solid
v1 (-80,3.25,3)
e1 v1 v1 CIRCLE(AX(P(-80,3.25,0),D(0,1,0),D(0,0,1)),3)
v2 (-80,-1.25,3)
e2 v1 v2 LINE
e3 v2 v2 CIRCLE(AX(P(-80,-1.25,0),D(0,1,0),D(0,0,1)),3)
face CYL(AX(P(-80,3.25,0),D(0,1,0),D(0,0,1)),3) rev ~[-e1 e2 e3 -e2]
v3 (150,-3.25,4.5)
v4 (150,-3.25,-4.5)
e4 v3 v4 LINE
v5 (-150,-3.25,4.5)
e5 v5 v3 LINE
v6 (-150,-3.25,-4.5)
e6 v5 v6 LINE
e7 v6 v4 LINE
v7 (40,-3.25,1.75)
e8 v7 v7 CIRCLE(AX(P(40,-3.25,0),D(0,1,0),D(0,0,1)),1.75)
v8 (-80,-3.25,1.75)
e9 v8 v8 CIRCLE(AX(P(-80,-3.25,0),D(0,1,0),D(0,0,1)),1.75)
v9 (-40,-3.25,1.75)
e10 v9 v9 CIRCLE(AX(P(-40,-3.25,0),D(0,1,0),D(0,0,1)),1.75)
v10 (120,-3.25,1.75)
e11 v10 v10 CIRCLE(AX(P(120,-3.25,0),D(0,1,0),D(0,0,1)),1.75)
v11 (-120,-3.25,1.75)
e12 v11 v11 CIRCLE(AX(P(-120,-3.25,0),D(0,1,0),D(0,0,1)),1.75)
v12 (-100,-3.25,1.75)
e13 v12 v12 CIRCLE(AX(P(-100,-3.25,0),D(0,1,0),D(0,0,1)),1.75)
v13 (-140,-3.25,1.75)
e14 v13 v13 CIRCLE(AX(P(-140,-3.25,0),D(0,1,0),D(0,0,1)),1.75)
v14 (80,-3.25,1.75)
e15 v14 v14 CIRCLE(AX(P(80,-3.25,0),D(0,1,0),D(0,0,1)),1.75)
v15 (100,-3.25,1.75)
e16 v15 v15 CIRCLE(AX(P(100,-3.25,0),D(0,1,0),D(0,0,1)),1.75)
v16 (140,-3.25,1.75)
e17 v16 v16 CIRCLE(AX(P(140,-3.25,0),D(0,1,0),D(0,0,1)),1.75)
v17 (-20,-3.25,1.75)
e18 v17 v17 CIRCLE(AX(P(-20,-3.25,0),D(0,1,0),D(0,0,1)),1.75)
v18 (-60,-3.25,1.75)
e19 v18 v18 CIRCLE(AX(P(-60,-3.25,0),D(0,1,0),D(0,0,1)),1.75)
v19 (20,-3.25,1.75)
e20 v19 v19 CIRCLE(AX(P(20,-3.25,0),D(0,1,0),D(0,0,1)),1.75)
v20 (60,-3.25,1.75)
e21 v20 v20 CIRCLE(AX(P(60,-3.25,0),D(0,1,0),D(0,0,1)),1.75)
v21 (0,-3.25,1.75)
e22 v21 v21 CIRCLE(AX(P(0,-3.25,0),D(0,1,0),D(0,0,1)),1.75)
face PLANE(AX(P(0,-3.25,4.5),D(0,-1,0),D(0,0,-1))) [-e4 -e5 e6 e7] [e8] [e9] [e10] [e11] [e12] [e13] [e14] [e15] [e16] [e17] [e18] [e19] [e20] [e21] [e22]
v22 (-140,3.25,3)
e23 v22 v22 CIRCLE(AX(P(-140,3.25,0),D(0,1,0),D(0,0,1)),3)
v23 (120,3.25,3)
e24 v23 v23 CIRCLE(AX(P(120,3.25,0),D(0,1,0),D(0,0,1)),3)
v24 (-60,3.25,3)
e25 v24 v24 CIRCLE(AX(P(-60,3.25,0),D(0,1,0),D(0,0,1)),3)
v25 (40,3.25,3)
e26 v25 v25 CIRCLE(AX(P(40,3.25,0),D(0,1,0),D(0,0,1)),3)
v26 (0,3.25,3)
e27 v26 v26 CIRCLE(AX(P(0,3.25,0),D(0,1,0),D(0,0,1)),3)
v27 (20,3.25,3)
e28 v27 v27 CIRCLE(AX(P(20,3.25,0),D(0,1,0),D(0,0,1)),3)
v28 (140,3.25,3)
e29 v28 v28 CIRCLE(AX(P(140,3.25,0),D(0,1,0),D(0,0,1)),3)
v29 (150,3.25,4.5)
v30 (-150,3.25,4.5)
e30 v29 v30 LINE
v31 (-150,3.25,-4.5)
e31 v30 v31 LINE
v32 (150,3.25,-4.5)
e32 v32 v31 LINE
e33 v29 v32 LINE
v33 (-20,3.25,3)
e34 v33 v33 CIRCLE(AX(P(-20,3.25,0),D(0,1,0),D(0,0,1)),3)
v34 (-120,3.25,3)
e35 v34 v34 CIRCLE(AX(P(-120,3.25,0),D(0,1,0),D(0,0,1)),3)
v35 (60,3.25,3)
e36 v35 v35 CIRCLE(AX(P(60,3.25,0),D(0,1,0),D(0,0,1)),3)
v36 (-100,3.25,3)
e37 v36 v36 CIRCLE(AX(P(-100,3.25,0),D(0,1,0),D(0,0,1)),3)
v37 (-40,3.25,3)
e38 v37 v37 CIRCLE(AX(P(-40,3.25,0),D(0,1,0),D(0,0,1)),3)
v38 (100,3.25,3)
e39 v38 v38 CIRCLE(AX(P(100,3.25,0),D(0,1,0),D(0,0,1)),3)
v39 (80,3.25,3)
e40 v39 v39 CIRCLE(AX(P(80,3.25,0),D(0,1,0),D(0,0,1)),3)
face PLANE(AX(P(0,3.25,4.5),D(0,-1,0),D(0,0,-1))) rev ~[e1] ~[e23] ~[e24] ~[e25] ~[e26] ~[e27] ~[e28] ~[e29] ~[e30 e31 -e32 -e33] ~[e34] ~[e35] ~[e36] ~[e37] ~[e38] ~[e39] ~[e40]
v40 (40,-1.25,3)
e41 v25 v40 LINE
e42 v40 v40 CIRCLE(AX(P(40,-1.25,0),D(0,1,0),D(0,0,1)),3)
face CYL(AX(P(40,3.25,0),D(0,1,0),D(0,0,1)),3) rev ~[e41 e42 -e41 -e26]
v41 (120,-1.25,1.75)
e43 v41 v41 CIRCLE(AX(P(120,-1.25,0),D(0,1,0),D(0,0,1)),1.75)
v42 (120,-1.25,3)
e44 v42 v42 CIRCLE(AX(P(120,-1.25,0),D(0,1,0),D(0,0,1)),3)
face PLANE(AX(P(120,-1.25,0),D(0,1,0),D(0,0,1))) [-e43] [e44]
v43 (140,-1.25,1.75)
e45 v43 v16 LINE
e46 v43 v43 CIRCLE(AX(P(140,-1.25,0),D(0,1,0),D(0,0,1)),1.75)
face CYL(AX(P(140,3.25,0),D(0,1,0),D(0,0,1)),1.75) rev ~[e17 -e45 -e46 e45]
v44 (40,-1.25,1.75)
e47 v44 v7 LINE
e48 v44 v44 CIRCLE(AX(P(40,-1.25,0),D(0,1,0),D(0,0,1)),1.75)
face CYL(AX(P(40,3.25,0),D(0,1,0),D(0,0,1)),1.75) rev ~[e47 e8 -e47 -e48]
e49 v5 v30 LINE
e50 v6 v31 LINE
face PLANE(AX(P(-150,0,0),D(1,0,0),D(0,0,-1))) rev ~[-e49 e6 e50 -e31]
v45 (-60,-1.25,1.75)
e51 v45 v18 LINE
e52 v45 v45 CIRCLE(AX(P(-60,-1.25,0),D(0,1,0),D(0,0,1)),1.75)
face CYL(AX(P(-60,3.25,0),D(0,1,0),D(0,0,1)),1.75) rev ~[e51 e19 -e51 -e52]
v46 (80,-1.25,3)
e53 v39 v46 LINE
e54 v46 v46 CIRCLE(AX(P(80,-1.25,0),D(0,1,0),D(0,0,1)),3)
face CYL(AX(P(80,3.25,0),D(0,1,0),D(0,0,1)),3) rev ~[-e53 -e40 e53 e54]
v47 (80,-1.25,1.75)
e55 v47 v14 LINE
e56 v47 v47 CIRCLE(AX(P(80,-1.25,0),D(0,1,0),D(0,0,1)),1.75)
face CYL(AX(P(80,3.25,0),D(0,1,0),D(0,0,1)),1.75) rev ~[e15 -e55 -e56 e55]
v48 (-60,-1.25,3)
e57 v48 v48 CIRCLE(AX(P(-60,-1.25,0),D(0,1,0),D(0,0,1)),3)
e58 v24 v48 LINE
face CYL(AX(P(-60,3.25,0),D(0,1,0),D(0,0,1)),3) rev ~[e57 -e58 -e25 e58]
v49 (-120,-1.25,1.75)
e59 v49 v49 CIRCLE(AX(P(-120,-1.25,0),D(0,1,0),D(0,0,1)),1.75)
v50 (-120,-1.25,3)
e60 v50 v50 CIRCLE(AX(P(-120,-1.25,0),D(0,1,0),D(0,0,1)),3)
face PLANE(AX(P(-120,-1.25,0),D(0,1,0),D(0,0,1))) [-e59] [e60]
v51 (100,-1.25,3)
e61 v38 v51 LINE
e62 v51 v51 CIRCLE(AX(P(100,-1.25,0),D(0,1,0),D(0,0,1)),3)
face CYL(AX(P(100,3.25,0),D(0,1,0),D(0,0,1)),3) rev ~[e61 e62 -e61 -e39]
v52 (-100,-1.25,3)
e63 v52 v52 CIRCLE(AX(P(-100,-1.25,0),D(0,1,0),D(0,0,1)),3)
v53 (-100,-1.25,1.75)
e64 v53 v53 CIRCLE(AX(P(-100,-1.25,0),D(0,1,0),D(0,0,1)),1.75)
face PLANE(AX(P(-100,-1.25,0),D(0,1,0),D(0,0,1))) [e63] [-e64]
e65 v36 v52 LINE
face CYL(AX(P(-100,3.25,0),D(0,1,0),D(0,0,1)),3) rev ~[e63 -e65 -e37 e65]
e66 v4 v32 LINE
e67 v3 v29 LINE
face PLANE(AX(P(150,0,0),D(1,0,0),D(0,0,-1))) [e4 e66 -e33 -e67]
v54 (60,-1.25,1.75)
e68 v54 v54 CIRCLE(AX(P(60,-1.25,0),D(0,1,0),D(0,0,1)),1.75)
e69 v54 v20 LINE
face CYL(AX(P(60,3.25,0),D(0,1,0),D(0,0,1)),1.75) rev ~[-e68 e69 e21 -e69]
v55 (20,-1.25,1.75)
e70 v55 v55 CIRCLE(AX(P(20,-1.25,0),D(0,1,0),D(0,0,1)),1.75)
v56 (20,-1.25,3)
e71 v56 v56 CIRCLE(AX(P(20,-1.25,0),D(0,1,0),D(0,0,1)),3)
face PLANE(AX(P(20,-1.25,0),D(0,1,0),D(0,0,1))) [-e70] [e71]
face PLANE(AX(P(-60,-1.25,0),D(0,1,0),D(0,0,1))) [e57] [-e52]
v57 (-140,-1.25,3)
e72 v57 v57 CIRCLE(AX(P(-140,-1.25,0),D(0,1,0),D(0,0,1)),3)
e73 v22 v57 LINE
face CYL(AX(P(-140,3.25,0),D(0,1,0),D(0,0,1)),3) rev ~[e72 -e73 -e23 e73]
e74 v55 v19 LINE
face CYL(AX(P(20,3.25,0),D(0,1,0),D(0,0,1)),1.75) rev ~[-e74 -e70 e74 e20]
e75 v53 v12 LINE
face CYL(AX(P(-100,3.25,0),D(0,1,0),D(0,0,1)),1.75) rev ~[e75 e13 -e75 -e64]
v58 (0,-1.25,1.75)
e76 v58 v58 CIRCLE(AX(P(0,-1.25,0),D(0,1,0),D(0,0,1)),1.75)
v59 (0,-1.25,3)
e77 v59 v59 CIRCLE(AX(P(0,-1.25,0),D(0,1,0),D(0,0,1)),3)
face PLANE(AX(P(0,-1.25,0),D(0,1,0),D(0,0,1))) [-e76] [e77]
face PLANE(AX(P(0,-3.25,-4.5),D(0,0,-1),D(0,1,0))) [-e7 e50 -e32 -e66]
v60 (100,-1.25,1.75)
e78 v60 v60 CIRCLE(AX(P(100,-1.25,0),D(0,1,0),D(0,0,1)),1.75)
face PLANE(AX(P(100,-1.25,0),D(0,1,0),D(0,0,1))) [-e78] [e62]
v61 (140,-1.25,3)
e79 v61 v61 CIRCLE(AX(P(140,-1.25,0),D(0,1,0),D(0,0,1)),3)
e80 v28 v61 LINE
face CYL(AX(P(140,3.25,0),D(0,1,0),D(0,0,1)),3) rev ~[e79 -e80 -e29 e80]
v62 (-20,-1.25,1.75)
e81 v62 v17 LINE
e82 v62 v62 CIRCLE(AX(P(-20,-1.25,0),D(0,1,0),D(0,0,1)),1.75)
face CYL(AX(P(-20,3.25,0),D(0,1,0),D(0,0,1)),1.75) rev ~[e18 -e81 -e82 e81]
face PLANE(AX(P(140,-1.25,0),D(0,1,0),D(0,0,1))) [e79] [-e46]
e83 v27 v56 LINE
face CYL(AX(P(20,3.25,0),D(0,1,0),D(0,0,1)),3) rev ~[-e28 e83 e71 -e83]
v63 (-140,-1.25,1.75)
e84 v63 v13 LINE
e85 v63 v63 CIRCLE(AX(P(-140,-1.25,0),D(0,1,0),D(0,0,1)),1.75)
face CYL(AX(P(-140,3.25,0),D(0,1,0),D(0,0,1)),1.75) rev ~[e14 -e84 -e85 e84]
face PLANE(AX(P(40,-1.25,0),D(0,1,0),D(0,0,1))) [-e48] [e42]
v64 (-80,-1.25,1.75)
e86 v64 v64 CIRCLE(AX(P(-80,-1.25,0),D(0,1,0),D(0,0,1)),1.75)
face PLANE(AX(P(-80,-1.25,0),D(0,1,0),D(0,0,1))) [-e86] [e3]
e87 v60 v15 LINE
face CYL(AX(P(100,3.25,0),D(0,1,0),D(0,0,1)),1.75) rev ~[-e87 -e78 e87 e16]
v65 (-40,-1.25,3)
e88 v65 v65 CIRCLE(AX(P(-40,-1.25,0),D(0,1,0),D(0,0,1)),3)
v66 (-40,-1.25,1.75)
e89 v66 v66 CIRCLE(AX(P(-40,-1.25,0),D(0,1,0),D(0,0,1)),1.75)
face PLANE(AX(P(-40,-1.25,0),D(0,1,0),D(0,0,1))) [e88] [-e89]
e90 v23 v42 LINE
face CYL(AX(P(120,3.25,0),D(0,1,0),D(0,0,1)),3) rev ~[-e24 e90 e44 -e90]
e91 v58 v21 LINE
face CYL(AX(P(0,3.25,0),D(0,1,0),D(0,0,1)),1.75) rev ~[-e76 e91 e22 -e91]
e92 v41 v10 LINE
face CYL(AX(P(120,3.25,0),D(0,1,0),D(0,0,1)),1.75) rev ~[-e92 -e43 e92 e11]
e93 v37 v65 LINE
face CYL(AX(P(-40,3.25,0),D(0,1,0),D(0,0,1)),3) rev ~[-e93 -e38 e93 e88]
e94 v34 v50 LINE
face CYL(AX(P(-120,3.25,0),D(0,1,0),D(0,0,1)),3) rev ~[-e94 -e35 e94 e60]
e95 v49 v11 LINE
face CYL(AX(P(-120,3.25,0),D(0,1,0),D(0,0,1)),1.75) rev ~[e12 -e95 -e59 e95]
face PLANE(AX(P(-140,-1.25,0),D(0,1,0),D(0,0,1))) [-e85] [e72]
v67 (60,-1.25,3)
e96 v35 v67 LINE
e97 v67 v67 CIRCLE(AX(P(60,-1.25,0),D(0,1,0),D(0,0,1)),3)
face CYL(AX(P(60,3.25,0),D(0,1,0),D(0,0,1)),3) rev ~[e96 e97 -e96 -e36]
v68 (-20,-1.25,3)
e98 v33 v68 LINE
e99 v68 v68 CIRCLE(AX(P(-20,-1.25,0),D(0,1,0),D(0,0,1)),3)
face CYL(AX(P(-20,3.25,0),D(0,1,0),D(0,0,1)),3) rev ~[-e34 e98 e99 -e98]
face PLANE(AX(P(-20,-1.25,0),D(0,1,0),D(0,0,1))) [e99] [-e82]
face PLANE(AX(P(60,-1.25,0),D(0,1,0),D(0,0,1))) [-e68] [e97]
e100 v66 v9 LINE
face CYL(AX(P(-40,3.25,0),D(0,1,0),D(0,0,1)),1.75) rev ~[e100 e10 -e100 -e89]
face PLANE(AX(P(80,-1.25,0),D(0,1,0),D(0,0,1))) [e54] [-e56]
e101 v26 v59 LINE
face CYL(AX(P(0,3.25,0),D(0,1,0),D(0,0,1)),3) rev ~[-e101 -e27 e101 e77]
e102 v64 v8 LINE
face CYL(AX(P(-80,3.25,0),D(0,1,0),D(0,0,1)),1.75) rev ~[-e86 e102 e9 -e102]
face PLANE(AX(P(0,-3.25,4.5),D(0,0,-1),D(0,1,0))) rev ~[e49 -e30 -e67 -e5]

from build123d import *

# Parameters (mm, degrees)
SKETCH1_W           = 9
SKETCH1_H           = 6.5
BOSS_EXTRUDE1_DEPTH = 150
SKETCH2_R           = 1.75
CUT_EXTRUDE1_DEPTH  = 151.208188858
SKETCH3_R           = 3
CUT_EXTRUDE2_DEPTH  = 4.5
LPATTERN1_COUNT     = 8
LPATTERN1_PITCH     = 20
LPATTERN1_COL_COUNT = 8
LPATTERN1_COL_PITCH = 20


with BuildPart() as part:
    # Sketch1 → Boss-Extrude1 (new, symmetric)
    with BuildSketch(Plane(origin=(0, 0, 0), x_dir=(0, 0, -1), z_dir=(1, 0, 0))):
        Rectangle(SKETCH1_W, SKETCH1_H)
    extrude(amount=BOSS_EXTRUDE1_DEPTH, both=True)

    # Sketch2 → Cut-Extrude1 (cut, through all)
    with BuildSketch(Plane(origin=(0, 3.25, 0), x_dir=(1, 0, 0), z_dir=(0, 1, 0))):
        with Locations(Location((0, 0, 0), (0, 0, 270))):
            Circle(SKETCH2_R)
    cut_extrude1 = extrude(amount=-CUT_EXTRUDE1_DEPTH, mode=Mode.SUBTRACT)

    # Sketch3 → Cut-Extrude2 (cut)
    with BuildSketch(Plane(origin=(0, 3.25, 0), x_dir=(1, 0, 0), z_dir=(0, 1, 0))):
        with Locations(Location((0, 0, 0), (0, 0, 270))):
            Circle(SKETCH3_R)
    cut_extrude2 = extrude(amount=-CUT_EXTRUDE2_DEPTH, mode=Mode.SUBTRACT)

    # LPattern1: Cut-Extrude1, Cut-Extrude2 ×8
    with Locations(*[(-i * LPATTERN1_PITCH, 0, 0) for i in range(1, LPATTERN1_COUNT)]):
        add(cut_extrude1, mode=Mode.SUBTRACT)
        add(cut_extrude2, mode=Mode.SUBTRACT)

    # LPattern1 col: Cut-Extrude1, Cut-Extrude2 ×8
    with Locations(*[(i * LPATTERN1_COL_PITCH, 0, 0) for i in range(1, LPATTERN1_COL_COUNT)]):
        add(cut_extrude1, mode=Mode.SUBTRACT)
        add(cut_extrude2, mode=Mode.SUBTRACT)


solid = part.part
